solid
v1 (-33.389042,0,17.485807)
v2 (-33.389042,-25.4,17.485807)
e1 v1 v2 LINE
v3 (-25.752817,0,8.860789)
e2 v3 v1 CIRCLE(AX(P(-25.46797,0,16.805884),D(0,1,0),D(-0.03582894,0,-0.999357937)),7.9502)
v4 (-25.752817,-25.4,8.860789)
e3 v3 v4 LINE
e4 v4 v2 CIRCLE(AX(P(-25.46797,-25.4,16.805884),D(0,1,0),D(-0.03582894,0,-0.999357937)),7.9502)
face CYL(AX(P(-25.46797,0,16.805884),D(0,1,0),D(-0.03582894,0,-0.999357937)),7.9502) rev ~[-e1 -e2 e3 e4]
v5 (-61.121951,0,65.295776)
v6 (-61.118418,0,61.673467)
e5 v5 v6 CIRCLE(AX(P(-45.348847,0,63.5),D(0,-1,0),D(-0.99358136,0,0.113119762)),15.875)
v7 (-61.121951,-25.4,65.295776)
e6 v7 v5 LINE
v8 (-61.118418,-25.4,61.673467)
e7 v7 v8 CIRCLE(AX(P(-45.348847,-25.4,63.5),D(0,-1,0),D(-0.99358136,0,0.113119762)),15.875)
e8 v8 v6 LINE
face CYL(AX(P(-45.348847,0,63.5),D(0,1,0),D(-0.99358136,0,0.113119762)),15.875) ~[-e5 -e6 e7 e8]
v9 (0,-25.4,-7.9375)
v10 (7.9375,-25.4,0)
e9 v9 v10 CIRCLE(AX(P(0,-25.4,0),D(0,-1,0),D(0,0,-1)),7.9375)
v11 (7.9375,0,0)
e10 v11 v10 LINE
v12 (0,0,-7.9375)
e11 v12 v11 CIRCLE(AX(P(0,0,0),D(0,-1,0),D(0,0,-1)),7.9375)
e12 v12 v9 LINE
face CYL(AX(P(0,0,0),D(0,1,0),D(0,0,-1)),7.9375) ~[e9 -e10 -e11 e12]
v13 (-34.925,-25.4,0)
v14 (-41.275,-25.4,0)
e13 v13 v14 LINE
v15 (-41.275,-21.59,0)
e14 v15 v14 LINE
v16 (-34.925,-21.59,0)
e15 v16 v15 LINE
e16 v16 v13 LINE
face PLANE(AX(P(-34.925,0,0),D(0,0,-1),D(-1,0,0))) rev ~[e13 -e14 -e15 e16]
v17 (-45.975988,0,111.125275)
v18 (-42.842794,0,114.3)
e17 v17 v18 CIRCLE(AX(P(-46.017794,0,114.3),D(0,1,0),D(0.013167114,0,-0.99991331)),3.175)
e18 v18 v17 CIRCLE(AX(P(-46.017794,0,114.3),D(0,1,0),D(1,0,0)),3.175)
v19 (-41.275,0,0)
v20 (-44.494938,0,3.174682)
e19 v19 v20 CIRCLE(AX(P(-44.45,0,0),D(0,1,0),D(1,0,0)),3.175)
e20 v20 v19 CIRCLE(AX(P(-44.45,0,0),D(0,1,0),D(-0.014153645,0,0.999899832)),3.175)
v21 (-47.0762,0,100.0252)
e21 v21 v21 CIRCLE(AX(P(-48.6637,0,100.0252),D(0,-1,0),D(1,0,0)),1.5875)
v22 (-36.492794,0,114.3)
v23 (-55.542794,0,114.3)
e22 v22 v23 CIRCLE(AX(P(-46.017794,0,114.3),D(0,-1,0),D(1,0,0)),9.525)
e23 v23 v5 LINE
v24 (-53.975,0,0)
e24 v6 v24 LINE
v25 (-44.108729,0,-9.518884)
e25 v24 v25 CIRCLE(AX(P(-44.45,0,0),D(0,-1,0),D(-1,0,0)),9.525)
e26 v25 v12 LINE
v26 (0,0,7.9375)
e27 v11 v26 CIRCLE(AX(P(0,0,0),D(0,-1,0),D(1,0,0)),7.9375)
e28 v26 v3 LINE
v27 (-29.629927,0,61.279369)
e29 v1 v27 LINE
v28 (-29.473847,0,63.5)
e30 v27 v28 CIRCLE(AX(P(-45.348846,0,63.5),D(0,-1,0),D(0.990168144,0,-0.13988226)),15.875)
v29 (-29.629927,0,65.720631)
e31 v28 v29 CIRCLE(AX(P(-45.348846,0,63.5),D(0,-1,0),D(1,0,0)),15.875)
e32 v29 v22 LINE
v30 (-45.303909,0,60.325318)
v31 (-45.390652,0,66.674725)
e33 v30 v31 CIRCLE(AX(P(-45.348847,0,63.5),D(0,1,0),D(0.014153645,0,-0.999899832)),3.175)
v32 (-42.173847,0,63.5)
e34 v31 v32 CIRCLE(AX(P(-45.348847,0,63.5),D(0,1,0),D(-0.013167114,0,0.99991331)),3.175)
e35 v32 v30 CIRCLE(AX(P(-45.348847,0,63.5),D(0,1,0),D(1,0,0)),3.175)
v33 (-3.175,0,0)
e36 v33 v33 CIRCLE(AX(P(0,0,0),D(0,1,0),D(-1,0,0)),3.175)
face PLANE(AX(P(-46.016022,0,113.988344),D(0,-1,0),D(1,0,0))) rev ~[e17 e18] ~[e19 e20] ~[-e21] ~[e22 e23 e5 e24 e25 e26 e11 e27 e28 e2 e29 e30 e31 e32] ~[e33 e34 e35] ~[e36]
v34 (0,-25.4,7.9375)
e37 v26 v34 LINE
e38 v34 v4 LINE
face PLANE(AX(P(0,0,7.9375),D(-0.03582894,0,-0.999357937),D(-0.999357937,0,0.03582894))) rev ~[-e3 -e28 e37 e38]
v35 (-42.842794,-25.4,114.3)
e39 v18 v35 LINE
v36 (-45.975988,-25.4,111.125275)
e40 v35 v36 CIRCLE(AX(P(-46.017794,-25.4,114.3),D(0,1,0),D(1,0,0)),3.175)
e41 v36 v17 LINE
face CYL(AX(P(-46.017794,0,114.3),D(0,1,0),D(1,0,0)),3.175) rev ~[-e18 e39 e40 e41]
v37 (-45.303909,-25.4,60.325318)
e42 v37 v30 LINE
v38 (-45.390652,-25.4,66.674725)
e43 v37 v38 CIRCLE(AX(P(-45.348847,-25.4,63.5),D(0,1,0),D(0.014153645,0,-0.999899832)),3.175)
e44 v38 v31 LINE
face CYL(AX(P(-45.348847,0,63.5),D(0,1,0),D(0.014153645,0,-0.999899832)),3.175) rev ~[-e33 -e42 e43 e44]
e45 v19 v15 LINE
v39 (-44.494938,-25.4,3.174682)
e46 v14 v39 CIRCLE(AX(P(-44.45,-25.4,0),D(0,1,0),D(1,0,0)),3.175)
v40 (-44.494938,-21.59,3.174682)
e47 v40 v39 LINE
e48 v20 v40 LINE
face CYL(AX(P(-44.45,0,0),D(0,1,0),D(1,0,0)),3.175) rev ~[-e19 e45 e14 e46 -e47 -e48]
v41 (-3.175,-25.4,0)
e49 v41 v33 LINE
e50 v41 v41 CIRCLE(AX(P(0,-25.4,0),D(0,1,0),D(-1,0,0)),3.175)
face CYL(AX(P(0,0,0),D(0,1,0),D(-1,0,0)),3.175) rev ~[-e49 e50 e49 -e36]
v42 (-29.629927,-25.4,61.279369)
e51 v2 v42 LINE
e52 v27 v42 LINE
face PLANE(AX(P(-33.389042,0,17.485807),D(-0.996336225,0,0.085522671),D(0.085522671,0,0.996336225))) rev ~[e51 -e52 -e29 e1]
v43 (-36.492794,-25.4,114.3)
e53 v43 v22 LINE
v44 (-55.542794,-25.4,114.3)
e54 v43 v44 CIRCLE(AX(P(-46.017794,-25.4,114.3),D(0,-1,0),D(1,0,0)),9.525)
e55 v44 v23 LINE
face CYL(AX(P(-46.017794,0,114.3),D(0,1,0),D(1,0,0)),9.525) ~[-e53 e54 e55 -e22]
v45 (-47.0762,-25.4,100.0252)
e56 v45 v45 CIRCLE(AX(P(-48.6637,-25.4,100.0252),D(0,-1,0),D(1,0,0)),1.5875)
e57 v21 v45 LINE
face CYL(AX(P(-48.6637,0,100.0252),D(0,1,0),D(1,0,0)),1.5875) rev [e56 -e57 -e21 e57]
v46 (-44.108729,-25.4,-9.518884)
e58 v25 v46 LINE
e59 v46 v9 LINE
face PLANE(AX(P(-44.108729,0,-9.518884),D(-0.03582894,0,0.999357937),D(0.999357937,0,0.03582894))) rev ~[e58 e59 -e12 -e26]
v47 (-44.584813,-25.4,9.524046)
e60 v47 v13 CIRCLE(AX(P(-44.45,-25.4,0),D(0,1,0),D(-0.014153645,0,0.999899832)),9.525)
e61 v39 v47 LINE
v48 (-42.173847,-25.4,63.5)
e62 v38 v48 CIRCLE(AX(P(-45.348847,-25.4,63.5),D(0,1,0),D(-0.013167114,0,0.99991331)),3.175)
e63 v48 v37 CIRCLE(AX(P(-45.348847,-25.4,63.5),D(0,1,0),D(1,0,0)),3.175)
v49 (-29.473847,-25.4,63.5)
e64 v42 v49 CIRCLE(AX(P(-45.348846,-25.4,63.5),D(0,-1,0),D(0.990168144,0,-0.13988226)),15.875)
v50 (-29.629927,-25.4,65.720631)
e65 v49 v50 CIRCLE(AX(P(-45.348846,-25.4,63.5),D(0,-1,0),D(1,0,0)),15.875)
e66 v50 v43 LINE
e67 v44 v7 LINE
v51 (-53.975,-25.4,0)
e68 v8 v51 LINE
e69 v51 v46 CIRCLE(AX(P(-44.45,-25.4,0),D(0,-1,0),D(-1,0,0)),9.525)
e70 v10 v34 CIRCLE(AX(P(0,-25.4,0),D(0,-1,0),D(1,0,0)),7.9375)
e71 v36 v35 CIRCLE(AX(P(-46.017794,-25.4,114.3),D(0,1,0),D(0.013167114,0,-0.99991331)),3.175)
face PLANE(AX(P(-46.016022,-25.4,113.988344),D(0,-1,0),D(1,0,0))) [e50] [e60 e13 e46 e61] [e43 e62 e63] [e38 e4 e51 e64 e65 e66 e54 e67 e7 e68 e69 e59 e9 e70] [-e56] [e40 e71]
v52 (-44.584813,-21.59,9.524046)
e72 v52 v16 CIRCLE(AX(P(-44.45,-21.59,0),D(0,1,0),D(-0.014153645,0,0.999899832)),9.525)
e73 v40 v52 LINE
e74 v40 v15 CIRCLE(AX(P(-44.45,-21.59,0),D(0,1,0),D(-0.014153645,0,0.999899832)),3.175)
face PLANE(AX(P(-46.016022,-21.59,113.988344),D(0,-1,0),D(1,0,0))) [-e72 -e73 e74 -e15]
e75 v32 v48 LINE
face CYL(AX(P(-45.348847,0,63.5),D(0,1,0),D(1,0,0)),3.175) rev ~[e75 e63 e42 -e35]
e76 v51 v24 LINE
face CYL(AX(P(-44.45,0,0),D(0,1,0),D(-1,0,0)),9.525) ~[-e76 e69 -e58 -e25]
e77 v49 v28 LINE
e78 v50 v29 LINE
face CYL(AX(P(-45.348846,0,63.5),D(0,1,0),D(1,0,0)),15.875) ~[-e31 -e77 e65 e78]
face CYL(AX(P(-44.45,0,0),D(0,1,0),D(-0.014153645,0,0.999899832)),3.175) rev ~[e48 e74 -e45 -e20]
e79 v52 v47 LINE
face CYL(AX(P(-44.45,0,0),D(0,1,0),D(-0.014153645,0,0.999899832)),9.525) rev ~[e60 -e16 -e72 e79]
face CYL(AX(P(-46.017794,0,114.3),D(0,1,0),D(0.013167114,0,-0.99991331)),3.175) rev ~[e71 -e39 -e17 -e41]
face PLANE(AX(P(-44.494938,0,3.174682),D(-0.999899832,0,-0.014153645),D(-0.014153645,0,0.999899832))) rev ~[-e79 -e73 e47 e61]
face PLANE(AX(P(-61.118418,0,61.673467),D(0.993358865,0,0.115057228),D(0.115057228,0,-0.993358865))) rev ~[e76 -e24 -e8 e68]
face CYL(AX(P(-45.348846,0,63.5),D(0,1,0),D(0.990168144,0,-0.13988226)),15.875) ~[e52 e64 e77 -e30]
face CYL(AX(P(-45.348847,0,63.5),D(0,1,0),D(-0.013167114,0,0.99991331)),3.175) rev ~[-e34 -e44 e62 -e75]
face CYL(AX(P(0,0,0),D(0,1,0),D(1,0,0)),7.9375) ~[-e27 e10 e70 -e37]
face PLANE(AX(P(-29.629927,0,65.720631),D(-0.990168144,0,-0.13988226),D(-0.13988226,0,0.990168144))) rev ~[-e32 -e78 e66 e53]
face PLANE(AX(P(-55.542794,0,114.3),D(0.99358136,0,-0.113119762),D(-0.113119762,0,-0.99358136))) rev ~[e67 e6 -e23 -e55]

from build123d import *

# Parameters (mm, degrees)
F0_R     = 1.5875
F1_DEPTH = 25.4
F2_DEPTH = 21.59


with BuildPart() as f1:
    # F0 (on Front) → F1 (new body)
    with BuildSketch(Plane.XZ):
        with BuildLine():
            ThreePointArc((-45.8923771413, 104.7758257242), (-39.2384052999, 107.6092963617), (-36.4927939024, 114.3))
            ThreePointArc((-36.4927939024, 114.3), (-46.0177939024, 123.825), (-55.5427939024, 114.3))
            ThreePointArc((-55.5427939024, 114.3), (-52.7084975407, 107.5206113974), (-45.8923771413, 104.7758257242))
        make_face()
        with BuildLine():
            ThreePointArc((-42.8427939024, 114.3), (-43.7579977016, 112.0697654539), (-45.9759883154, 111.1252752414))
            ThreePointArc((-45.9759883154, 111.1252752414), (-48.2775901033, 116.5302345461), (-42.8427939024, 114.3))
        make_face(mode=Mode.SUBTRACT)
        with BuildLine():
            Line((-29.6299272337, 65.7206308807), (-36.4927939024, 114.3))
            ThreePointArc((-36.4927939024, 114.3), (-39.2384052999, 107.6092963617), (-45.8923771413, 104.7758257242))
            Line((-45.8923771413, 104.7758257242), (-45.5578744539, 79.373623793))
            ThreePointArc((-45.5578744539, 79.373623793), (-35.0173298688, 75.5530240484), (-29.6299272337, 65.7206308807))
        make_face()
        with BuildLine():
            ThreePointArc((-45.8923771413, 104.7758257242), (-52.7084975407, 107.5206113974), (-55.5427939024, 114.3))
            Line((-55.5427939024, 114.3), (-61.1219506134, 65.2957762162))
            ThreePointArc((-61.1219506134, 65.2957762162), (-55.9979584138, 75.2733614931), (-45.5578744539, 79.373623793))
            Line((-45.5578744539, 79.373623793), (-45.8923771413, 104.7758257242))
        make_face()
        with Locations((-48.6637000366, 100.0252)):
            Circle(F0_R, mode=Mode.SUBTRACT)
        with BuildLine():
            ThreePointArc((-29.4738465188, 63.5), (-29.5129147708, 64.6130546592), (-29.6299272337, 65.7206308807))
            ThreePointArc((-29.6299272337, 65.7206308807), (-35.0173298688, 75.5530240484), (-45.5578744539, 79.373623793))
            Line((-45.5578744539, 79.373623793), (-45.3906521058, 66.6747247586))
            ThreePointArc((-45.3906521058, 66.6747247586), (-43.1186119727, 65.7597962009), (-42.1738465188, 63.5))
            ThreePointArc((-42.1738465188, 63.5), (-43.087950392, 61.2708805092), (-45.3039086946, 60.3253180329))
            Line((-45.3039086946, 60.3253180329), (-45.124157398, 47.6265901647))
            ThreePointArc((-45.124157398, 47.6265901647), (-34.8536449701, 51.5892330451), (-29.6299272337, 61.2793691193))
            ThreePointArc((-29.6299272337, 61.2793691193), (-29.5129147708, 62.3869453408), (-29.4738465188, 63.5))
        make_face()
        with BuildLine():
            ThreePointArc((-45.5578744539, 79.373623793), (-55.9979584138, 75.2733614931), (-61.1219506134, 65.2957762162))
            ThreePointArc((-61.1219506134, 65.2957762162), (-61.2238389716, 63.4845202884), (-61.1184184978, 61.6734665075))
            ThreePointArc((-61.1184184978, 61.6734665075), (-55.8245101978, 51.5720456287), (-45.124157398, 47.6265901647))
            Line((-45.124157398, 47.6265901647), (-45.3039086946, 60.3253180329))
            ThreePointArc((-45.3039086946, 60.3253180329), (-48.5235502679, 63.4566282891), (-45.3906521058, 66.6747247586))
            Line((-45.3906521058, 66.6747247586), (-45.5578744539, 79.373623793))
        make_face()
        with BuildLine():
            ThreePointArc((-45.124157398, 47.6265901647), (-55.8245101978, 51.5720456287), (-61.1184184978, 61.6734665075))
            Line((-61.1184184978, 61.6734665075), (-53.975, 0))
            ThreePointArc((-53.975, 0), (-51.2326883802, 6.6873584723), (-44.5848134725, 9.5240459012))
            Line((-44.5848134725, 9.5240459012), (-45.124157398, 47.6265901647))
        make_face()
        with BuildLine():
            Line((-33.3890422301, 17.4858067619), (-29.6299272337, 61.2793691193))
            ThreePointArc((-29.6299272337, 61.2793691193), (-34.8536449701, 51.5892330451), (-45.124157398, 47.6265901647))
            Line((-45.124157398, 47.6265901647), (-44.5848134725, 9.5240459012))
            ThreePointArc((-44.5848134725, 9.5240459012), (-37.7626415277, 6.7826883802), (-34.925, 0))
            Line((-34.925, 0), (-7.9375, 0))
            ThreePointArc((-7.9375, 0), (-5.6126600757, 5.6126600757), (0, 7.9375))
            Line((0, 7.9375), (-25.7528172131, 8.8607889455))
            ThreePointArc((-25.7528172131, 8.8607889455), (-31.4204494391, 11.5358115277), (-33.3890422301, 17.4858067619))
        make_face()
        with BuildLine():
            ThreePointArc((-44.5848134725, 9.5240459012), (-51.2326883802, 6.6873584723), (-53.975, 0))
            ThreePointArc((-53.975, 0), (-51.0634341324, -6.8547876682), (-44.1087293489, -9.5188843539))
            ThreePointArc((-44.1087293489, -9.5188843539), (-37.5952123318, -6.6134341324), (-34.925, 0))
            Line((-34.925, 0), (-41.275, 0))
            ThreePointArc((-41.275, 0), (-46.6791194908, -2.2608961267), (-44.4949378242, 3.1746819671))
            Line((-44.4949378242, 3.1746819671), (-44.5848134725, 9.5240459012))
        make_face()
        with BuildLine():
            ThreePointArc((-34.925, 0), (-37.5952123318, -6.6134341324), (-44.1087293489, -9.5188843539))
            Line((-44.1087293489, -9.5188843539), (0, -7.9375))
            ThreePointArc((0, -7.9375), (-5.6126600757, -5.6126600757), (-7.9375, 0))
            Line((-7.9375, 0), (-34.925, 0))
        make_face()
        with BuildLine():
            ThreePointArc((-7.9375, 0), (-5.6126600757, -5.6126600757), (0, -7.9375))
            ThreePointArc((0, -7.9375), (5.6126600757, -5.6126600757), (7.9375, 0))
            ThreePointArc((7.9375, 0), (5.6126600757, 5.6126600757), (0, 7.9375))
            ThreePointArc((0, 7.9375), (-5.6126600757, 5.6126600757), (-7.9375, 0))
        make_face()
        with BuildLine():
            ThreePointArc((3.175, 0), (0, -3.175), (-3.175, 0))
            ThreePointArc((-3.175, 0), (0, 3.175), (3.175, 0))
        make_face(mode=Mode.SUBTRACT)
    extrude(amount=F1_DEPTH)

    # F0 (on Front) → F2 (join)
    with BuildSketch(Plane.XZ):
        with BuildLine():
            ThreePointArc((-45.8923771413, 104.7758257242), (-39.2384052999, 107.6092963617), (-36.4927939024, 114.3))
            ThreePointArc((-36.4927939024, 114.3), (-46.0177939024, 123.825), (-55.5427939024, 114.3))
            ThreePointArc((-55.5427939024, 114.3), (-52.7084975407, 107.5206113974), (-45.8923771413, 104.7758257242))
        make_face()
        with BuildLine():
            ThreePointArc((-42.8427939024, 114.3), (-43.7579977016, 112.0697654539), (-45.9759883154, 111.1252752414))
            ThreePointArc((-45.9759883154, 111.1252752414), (-48.2775901033, 116.5302345461), (-42.8427939024, 114.3))
        make_face(mode=Mode.SUBTRACT)
        with BuildLine():
            Line((-29.6299272337, 65.7206308807), (-36.4927939024, 114.3))
            ThreePointArc((-36.4927939024, 114.3), (-39.2384052999, 107.6092963617), (-45.8923771413, 104.7758257242))
            Line((-45.8923771413, 104.7758257242), (-45.5578744539, 79.373623793))
            ThreePointArc((-45.5578744539, 79.373623793), (-35.0173298688, 75.5530240484), (-29.6299272337, 65.7206308807))
        make_face()
        with BuildLine():
            ThreePointArc((-45.8923771413, 104.7758257242), (-52.7084975407, 107.5206113974), (-55.5427939024, 114.3))
            Line((-55.5427939024, 114.3), (-61.1219506134, 65.2957762162))
            ThreePointArc((-61.1219506134, 65.2957762162), (-55.9979584138, 75.2733614931), (-45.5578744539, 79.373623793))
            Line((-45.5578744539, 79.373623793), (-45.8923771413, 104.7758257242))
        make_face()
        with Locations((-48.6637000366, 100.0252)):
            Circle(F0_R, mode=Mode.SUBTRACT)
        with BuildLine():
            ThreePointArc((-29.4738465188, 63.5), (-29.5129147708, 64.6130546592), (-29.6299272337, 65.7206308807))
            ThreePointArc((-29.6299272337, 65.7206308807), (-35.0173298688, 75.5530240484), (-45.5578744539, 79.373623793))
            Line((-45.5578744539, 79.373623793), (-45.3906521058, 66.6747247586))
            ThreePointArc((-45.3906521058, 66.6747247586), (-43.1186119727, 65.7597962009), (-42.1738465188, 63.5))
            ThreePointArc((-42.1738465188, 63.5), (-43.087950392, 61.2708805092), (-45.3039086946, 60.3253180329))
            Line((-45.3039086946, 60.3253180329), (-45.124157398, 47.6265901647))
            ThreePointArc((-45.124157398, 47.6265901647), (-34.8536449701, 51.5892330451), (-29.6299272337, 61.2793691193))
            ThreePointArc((-29.6299272337, 61.2793691193), (-29.5129147708, 62.3869453408), (-29.4738465188, 63.5))
        make_face()
        with BuildLine():
            ThreePointArc((-45.5578744539, 79.373623793), (-55.9979584138, 75.2733614931), (-61.1219506134, 65.2957762162))
            ThreePointArc((-61.1219506134, 65.2957762162), (-61.2238389716, 63.4845202884), (-61.1184184978, 61.6734665075))
            ThreePointArc((-61.1184184978, 61.6734665075), (-55.8245101978, 51.5720456287), (-45.124157398, 47.6265901647))
            Line((-45.124157398, 47.6265901647), (-45.3039086946, 60.3253180329))
            ThreePointArc((-45.3039086946, 60.3253180329), (-48.5235502679, 63.4566282891), (-45.3906521058, 66.6747247586))
            Line((-45.3906521058, 66.6747247586), (-45.5578744539, 79.373623793))
        make_face()
        with BuildLine():
            ThreePointArc((-45.124157398, 47.6265901647), (-55.8245101978, 51.5720456287), (-61.1184184978, 61.6734665075))
            Line((-61.1184184978, 61.6734665075), (-53.975, 0))
            ThreePointArc((-53.975, 0), (-51.2326883802, 6.6873584723), (-44.5848134725, 9.5240459012))
            Line((-44.5848134725, 9.5240459012), (-45.124157398, 47.6265901647))
        make_face()
        with BuildLine():
            Line((-33.3890422301, 17.4858067619), (-29.6299272337, 61.2793691193))
            ThreePointArc((-29.6299272337, 61.2793691193), (-34.8536449701, 51.5892330451), (-45.124157398, 47.6265901647))
            Line((-45.124157398, 47.6265901647), (-44.5848134725, 9.5240459012))
            ThreePointArc((-44.5848134725, 9.5240459012), (-37.7626415277, 6.7826883802), (-34.925, 0))
            Line((-34.925, 0), (-7.9375, 0))
            ThreePointArc((-7.9375, 0), (-5.6126600757, 5.6126600757), (0, 7.9375))
            Line((0, 7.9375), (-25.7528172131, 8.8607889455))
            ThreePointArc((-25.7528172131, 8.8607889455), (-31.4204494391, 11.5358115277), (-33.3890422301, 17.4858067619))
        make_face()
        with BuildLine():
            ThreePointArc((-44.5848134725, 9.5240459012), (-51.2326883802, 6.6873584723), (-53.975, 0))
            ThreePointArc((-53.975, 0), (-51.0634341324, -6.8547876682), (-44.1087293489, -9.5188843539))
            ThreePointArc((-44.1087293489, -9.5188843539), (-37.5952123318, -6.6134341324), (-34.925, 0))
            Line((-34.925, 0), (-41.275, 0))
            ThreePointArc((-41.275, 0), (-46.6791194908, -2.2608961267), (-44.4949378242, 3.1746819671))
            Line((-44.4949378242, 3.1746819671), (-44.5848134725, 9.5240459012))
        make_face()
        with BuildLine():
            ThreePointArc((-34.925, 0), (-37.5952123318, -6.6134341324), (-44.1087293489, -9.5188843539))
            Line((-44.1087293489, -9.5188843539), (0, -7.9375))
            ThreePointArc((0, -7.9375), (-5.6126600757, -5.6126600757), (-7.9375, 0))
            Line((-7.9375, 0), (-34.925, 0))
        make_face()
        with BuildLine():
            ThreePointArc((-7.9375, 0), (-5.6126600757, -5.6126600757), (0, -7.9375))
            ThreePointArc((0, -7.9375), (5.6126600757, -5.6126600757), (7.9375, 0))
            ThreePointArc((7.9375, 0), (5.6126600757, 5.6126600757), (0, 7.9375))
            ThreePointArc((0, 7.9375), (-5.6126600757, 5.6126600757), (-7.9375, 0))
        make_face()
        with BuildLine():
            ThreePointArc((3.175, 0), (0, -3.175), (-3.175, 0))
            ThreePointArc((-3.175, 0), (0, 3.175), (3.175, 0))
        make_face(mode=Mode.SUBTRACT)
        with BuildLine():
            ThreePointArc((-34.925, 0), (-37.7626415277, 6.7826883802), (-44.5848134725, 9.5240459012))
            Line((-44.5848134725, 9.5240459012), (-44.4949378242, 3.1746819671))
            ThreePointArc((-44.4949378242, 3.1746819671), (-42.2208805092, 2.2608961267), (-41.275, 0))
            Line((-41.275, 0), (-34.925, 0))
        make_face()
    extrude(amount=F2_DEPTH)


solid = f1.part
